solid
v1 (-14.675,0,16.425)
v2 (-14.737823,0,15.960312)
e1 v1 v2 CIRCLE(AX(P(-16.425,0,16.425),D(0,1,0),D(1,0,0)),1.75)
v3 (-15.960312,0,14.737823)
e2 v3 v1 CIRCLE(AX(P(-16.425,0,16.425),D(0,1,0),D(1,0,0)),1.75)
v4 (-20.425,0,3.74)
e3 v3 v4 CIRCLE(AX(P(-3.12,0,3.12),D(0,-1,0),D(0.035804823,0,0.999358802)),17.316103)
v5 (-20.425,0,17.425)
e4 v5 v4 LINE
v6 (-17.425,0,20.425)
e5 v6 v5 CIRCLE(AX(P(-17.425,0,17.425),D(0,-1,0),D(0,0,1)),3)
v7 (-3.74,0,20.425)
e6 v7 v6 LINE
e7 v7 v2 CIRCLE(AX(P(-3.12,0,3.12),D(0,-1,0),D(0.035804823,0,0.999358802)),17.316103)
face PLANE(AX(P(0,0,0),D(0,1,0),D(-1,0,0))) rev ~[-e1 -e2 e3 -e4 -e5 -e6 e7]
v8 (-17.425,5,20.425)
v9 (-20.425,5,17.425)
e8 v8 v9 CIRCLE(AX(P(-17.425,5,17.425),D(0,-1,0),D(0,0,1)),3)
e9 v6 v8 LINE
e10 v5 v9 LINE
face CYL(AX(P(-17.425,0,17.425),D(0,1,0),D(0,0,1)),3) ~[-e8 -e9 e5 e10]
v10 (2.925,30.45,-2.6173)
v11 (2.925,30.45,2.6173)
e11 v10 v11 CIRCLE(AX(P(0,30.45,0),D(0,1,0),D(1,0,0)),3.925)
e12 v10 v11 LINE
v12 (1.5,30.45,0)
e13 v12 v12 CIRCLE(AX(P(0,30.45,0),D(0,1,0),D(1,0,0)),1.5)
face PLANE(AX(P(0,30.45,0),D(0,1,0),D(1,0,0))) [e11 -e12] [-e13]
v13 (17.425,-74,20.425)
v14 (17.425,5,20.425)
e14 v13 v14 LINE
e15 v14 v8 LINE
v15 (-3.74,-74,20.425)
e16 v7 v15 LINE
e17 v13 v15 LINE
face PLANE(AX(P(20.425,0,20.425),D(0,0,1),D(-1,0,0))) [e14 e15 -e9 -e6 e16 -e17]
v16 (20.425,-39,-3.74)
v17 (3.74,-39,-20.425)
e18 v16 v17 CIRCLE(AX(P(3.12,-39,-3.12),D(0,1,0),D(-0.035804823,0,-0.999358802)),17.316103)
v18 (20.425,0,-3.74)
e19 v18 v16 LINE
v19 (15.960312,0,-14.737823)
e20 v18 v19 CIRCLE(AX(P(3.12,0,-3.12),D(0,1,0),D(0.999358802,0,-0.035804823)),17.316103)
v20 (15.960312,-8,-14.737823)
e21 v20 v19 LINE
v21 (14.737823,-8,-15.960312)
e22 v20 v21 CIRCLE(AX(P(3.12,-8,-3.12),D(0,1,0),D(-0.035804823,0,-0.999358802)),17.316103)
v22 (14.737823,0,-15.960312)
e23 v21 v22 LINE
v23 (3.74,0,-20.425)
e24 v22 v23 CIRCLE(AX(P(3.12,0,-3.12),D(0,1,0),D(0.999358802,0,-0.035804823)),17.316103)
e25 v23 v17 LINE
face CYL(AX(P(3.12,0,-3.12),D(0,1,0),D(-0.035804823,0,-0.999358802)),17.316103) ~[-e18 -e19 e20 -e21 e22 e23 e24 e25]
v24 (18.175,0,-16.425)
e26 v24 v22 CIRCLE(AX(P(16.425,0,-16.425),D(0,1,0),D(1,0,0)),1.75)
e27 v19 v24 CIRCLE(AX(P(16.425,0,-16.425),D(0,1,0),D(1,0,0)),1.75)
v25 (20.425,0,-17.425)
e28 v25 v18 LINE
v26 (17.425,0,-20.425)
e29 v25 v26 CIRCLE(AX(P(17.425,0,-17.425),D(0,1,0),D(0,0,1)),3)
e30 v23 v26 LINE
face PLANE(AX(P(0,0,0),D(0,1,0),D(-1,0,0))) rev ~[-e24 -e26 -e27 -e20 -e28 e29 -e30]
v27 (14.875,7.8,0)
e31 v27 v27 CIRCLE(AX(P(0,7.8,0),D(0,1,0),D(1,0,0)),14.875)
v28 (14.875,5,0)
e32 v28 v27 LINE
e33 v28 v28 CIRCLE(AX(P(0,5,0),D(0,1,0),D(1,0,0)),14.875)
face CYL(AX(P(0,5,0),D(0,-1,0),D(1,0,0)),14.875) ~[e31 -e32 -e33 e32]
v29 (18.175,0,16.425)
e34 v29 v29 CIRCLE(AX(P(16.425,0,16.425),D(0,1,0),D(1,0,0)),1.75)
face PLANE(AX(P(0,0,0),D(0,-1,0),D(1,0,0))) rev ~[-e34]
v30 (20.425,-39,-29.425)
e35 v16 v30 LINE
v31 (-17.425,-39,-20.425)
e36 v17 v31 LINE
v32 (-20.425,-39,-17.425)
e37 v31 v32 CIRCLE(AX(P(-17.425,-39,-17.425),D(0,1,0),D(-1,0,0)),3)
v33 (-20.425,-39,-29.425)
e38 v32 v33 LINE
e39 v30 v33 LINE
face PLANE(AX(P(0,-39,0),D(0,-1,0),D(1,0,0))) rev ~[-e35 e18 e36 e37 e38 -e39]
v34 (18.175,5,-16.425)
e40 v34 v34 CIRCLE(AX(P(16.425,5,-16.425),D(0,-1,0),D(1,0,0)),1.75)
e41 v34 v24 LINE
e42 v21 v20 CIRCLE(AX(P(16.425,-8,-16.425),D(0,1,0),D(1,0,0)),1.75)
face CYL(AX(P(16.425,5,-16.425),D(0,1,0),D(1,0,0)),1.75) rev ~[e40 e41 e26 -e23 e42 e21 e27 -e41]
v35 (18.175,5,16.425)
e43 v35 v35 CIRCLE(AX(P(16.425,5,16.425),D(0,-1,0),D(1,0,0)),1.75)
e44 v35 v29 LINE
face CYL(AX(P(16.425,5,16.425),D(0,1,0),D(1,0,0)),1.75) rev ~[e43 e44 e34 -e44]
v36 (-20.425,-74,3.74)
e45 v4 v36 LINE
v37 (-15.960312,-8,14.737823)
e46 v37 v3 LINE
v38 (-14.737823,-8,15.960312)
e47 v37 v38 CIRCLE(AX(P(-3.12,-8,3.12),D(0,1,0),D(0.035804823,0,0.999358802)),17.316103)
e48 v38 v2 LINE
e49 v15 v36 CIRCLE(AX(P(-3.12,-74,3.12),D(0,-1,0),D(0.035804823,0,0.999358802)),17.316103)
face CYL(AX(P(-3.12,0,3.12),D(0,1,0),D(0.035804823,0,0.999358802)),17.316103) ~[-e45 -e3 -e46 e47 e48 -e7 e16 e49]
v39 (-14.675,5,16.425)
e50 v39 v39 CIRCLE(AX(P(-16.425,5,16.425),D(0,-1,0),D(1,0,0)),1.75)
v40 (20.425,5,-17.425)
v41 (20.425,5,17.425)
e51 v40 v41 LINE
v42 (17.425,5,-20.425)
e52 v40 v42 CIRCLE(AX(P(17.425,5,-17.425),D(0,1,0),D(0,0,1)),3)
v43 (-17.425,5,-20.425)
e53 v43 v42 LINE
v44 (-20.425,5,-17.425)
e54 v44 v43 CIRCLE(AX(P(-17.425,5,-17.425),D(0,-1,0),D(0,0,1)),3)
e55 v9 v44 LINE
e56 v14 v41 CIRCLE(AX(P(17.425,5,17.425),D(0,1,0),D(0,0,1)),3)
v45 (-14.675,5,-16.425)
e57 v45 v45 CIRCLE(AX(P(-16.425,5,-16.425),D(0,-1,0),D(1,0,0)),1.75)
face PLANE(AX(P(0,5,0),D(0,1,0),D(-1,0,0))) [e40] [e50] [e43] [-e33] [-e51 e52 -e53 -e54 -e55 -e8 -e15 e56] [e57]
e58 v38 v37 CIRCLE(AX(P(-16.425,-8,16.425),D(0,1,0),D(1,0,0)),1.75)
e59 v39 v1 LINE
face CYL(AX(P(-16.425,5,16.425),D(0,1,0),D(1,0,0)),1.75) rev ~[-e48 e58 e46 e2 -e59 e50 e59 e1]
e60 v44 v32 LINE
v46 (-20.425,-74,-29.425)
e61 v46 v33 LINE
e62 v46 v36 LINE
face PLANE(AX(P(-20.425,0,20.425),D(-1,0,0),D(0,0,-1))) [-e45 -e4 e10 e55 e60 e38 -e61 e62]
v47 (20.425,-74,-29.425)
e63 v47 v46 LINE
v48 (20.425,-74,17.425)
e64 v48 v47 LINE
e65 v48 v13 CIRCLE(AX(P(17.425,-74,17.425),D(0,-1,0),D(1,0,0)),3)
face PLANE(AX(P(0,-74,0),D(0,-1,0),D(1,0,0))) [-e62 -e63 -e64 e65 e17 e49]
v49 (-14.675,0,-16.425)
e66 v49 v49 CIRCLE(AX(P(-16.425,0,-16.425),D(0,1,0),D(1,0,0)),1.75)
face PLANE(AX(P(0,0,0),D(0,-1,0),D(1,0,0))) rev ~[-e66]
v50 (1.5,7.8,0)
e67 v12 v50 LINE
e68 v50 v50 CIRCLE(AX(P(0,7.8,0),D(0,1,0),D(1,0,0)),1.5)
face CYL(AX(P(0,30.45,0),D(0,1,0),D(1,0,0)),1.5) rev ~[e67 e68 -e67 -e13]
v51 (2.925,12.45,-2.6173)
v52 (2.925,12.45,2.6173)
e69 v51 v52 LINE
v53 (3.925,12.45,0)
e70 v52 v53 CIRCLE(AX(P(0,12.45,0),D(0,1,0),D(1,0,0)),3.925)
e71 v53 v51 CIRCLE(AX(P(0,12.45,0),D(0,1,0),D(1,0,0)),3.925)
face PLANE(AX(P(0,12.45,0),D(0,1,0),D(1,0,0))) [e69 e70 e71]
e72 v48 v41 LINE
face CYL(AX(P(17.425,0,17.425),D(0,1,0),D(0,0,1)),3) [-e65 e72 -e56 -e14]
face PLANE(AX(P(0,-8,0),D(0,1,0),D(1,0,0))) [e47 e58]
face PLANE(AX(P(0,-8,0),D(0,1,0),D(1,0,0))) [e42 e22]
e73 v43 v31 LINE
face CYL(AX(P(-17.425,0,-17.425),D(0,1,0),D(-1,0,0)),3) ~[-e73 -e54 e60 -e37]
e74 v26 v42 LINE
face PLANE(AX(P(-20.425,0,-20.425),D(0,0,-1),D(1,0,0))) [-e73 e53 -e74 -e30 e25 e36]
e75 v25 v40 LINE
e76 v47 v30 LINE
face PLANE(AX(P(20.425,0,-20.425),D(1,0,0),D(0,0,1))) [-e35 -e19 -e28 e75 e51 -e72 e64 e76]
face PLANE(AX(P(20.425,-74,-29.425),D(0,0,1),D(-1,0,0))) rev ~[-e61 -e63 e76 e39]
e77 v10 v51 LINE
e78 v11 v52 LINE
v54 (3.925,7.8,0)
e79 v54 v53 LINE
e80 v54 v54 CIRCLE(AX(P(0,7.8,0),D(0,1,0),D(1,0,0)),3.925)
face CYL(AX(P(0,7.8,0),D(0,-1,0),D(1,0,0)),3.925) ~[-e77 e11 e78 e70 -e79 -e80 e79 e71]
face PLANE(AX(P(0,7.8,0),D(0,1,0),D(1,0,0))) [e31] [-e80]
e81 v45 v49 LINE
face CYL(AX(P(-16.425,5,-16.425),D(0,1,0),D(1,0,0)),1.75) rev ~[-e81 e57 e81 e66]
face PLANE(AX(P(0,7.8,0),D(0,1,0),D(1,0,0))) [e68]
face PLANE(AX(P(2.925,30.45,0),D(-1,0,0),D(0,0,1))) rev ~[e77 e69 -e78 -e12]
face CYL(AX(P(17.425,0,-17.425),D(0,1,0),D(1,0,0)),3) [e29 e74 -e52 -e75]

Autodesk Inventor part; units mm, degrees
ref_plane "YZ Plane" through (0, 0, 0) normal (1, 0, 0) x (0, 1, 0)
ref_plane "XZ Plane" through (0, 0, 0) normal (0, 1, 0) x (-1, 0, 0)
ref_plane "XY Plane" through (0, 0, 0) normal (0, 0, 1) x (1, 0, 0)
sketch "Sketch1" plane through (0, 0, 0) normal (0, 1, 0) x (-1, 0, 0)
  line L0 (-20.425, 20.425) -> (20.425, 20.425)
  line L1 (20.425, 20.425) -> (20.425, -20.425)
  line L2 (20.425, -20.425) -> (-20.425, -20.425)
  line L3 (-20.425, -20.425) -> (-20.425, 20.425)
  line L4 (-20.425, 20.425) -> (20.425, -20.425) construction
  line L5 (20.425, 20.425) -> (-20.425, -20.425) construction
  point P0 (0, 0)
  dimension "d0" = 40.85
  dimension "d1" = 40.85
extrude "Extrusion1" add sketch "Sketch1" along normal blind 5
sketch "Sketch2" plane through (0, 5, 0) normal (0, 1, 0) x (1, 0, 0)
  line L0 (-20.425, 20.425) -> (-20.425, -20.425) projected
  line L1 (-20.425, -20.425) -> (-16.425, -20.425)
  line L2 (-16.425, -20.425) -> (-16.425, -16.425)
  line L3 (-16.425, -16.425) -> (-20.425, -16.425)
  line L4 (-20.425, -16.425) -> (-20.425, -20.425)
  line L5 (-20.425, 20.425) -> (-16.425, 20.425)
  line L6 (-16.425, 20.425) -> (-16.425, 16.425)
  line L7 (-16.425, 16.425) -> (-20.425, 16.425)
  line L8 (-20.425, 16.425) -> (-20.425, 20.425)
  line L9 (-20.425, -20.425) -> (20.425, -20.425) projected
  line L10 (20.425, -20.425) -> (16.425, -20.425)
  line L11 (16.425, -20.425) -> (16.425, -16.425)
  line L12 (16.425, -16.425) -> (20.425, -16.425)
  line L13 (20.425, -16.425) -> (20.425, -20.425)
  line L14 (20.425, 20.425) -> (16.425, 20.425)
  line L15 (16.425, 20.425) -> (16.425, 16.425)
  line L16 (16.425, 16.425) -> (20.425, 16.425)
  line L17 (20.425, 16.425) -> (20.425, 20.425)
  circle A0 centre (-16.425, -16.425) radius 1.75
  circle A1 centre (-16.425, 16.425) radius 1.75
  circle A2 centre (16.425, -16.425) radius 1.75
  circle A3 centre (16.425, 16.425) radius 1.75
  point P0 (0, 0)
  dimension "d4" = 4
  dimension "d5" = 4
  dimension "d6" = 4
  dimension "d7" = 4
  dimension "d8" = 4
  dimension "d9" = 4
  dimension "d10" = 4
  dimension "d11" = 4
  dimension "d12" = 3.5
  dimension "d13" = 3.5
  dimension "d14" = 3.5
  dimension "d15" = 3.5
extrude "Extrusion2" cut sketch "Sketch2" against normal blind 5 contours A1 L6 L7 | L7 L6 A1 | A0 L2 L3 | L3 L2 A0 | A2 L12 L11 | L11 L12 A2 | A3 L16 L15 | L15 L16 A3
fillet "Fillet1" radius 3 4 edges at (-20.425, 2.5, 20.425) (20.425, 2.5, 20.425) (20.425, 2.5, -20.425) (-20.425, 2.5, -20.425)
sketch "Sketch3" plane through (0, 5, 0) normal (0, 1, 0) x (1, 0, 0)
  circle A0 centre (0, 0) radius 14.875
  dimension "d19" = 29.75
extrude "Extrusion3" add sketch "Sketch3" along normal blind 2.8
sketch "Sketch4" plane through (0, 7.8, 0) normal (0, 1, 0) x (1, 0, 0)
  circle A0 centre (0, 0) radius 3.925
  dimension "d22" = 7.85
extrude "Extrusion4" add sketch "Sketch4" along normal blind 22.65
sketch "Sketch5" plane through (0, 30.45, 0) normal (0, 1, 0) x (1, 0, 0)
  circle A0 centre (0, 0) radius 3.925 projected
  circle A1 centre (0, 0) radius 1.5
  dimension "d25" = 3
extrude "Extrusion5" cut sketch "Sketch5" against normal blind 22.65 contours A1
sketch "Sketch6" plane through (0, 0, 0) normal (0, -1, 0) x (1, 0, 0)
  arc A0 (-20.425, -17.425) -> (-17.425, -20.425) centre (-17.425, -17.425) ccw
  line L0 (17.425, -20.425) -> (-17.425, -20.425)
  arc A1 (17.425, -20.425) -> (20.425, -17.425) centre (17.425, -17.425) ccw
  line L1 (20.425, 17.425) -> (20.425, -17.425)
  arc A2 (20.425, 17.425) -> (17.425, 20.425) centre (17.425, 17.425) ccw
  line L2 (-17.425, 20.425) -> (17.425, 20.425)
  arc A3 (-17.425, 20.425) -> (-20.425, 17.425) centre (-17.425, 17.425) ccw
  line L3 (-20.425, -17.425) -> (-20.425, 17.425)
  line L4 (17.425, -20.425) -> (20.425, -20.425)
  arc A4 (17.425, -20.425) -> (20.425, -17.425) centre (17.425, -17.425) ccw
  line L5 (20.425, -20.425) -> (20.425, -17.425)
  circle A5 centre (16.425, -16.425) radius 1.75
  line L6 (16.425, -16.425) -> (0, 0)
  line L7 (16.425, -16.425) -> (15.3643, -15.3643)
  line L8 (20.425, 0) -> (20.425, -2.5)
  line L9 (20.425, 17.425) -> (20.425, -17.425)
  line L10 (0, -20.425) -> (2.5, -20.425)
  arc A6 (2.5, -20.425) -> (20.425, -2.5) centre (3.12, -3.12) ccw
  arc A7 (-2.5, 20.425) -> (-20.425, 2.5) centre (-3.12, 3.12) ccw
  point P0 (3.74, -20.425)
  point P1 (20.425, -3.74)
  point P2 (-3.74, 20.425)
  point P3 (-20.425, 3.74)
  dimension "d30" = 1.5
  dimension "d31" = 2.5
  dimension "d32" = 2.5
extrude "Extrusion6" add sketch "Sketch6" along normal blind 74 contours L3 A7 L2 A2 L1 A6 A5 L0 A0 | A5 L6 A6 | A5 A6 L6
sketch "Sketch7" plane through (0, -74, 0) normal (0, -1, 0) x (1, 0, 0)
  line L0 (-17.425, -20.425) -> (3.74, -20.425)
  arc A0 (3.74, -20.425) -> (20.425, -3.74) centre (3.12, -3.12) ccw
  line L1 (20.425, -3.74) -> (20.425, 17.425)
  arc A1 (20.425, 17.425) -> (17.425, 20.425) centre (17.425, 17.425) ccw
  line L2 (17.425, 20.425) -> (-3.74, 20.425)
  arc A2 (-3.74, 20.425) -> (-20.425, 3.74) centre (-3.12, 3.12) ccw
  line L3 (-20.425, 3.74) -> (-20.425, -17.425)
  arc A3 (-20.425, -17.425) -> (-17.425, -20.425) centre (-17.425, -17.425) ccw
  arc A4 (3.74, -20.425) -> (20.425, -3.74) centre (3.12, -3.12) ccw projected
  line L4 (20.425, -3.74) -> (20.425, -20.425)
  line L5 (-17.425, -20.425) -> (3.74, -20.425) projected
  line L6 (20.425, -20.425) -> (3.74, -20.425)
  line L7 (20.425, -20.425) -> (20.425, -29.425)
  line L8 (20.425, -29.425) -> (-20.425, -29.425)
  line L9 (-20.425, -29.425) -> (-20.425, -17.425)
  point P0 (0, 0)
  dimension "d33" = 9
extrude "Extrusion7" add sketch "Sketch7" against normal blind 35
sketch "Sketch8" plane through (0, 5, 0) normal (0, 1, 0) x (1, 0, 0)
  circle A0 centre (-16.425, -16.425) radius 1.75 projected
  circle A1 centre (-16.425, 16.425) radius 1.75 projected
  circle A2 centre (16.425, -16.425) radius 1.75 projected
  circle A3 centre (16.425, 16.425) radius 1.75 projected
  point P0 (0, 0)
extrude "Extrusion8" cut sketch "Sketch8" against normal blind 13 contours A0 | A3
sketch "Sketch9" plane through (0, 30.45, 0) normal (0, 1, 0) x (1, 0, 0)
  circle A0 centre (0, 0) radius 1.5 projected
  circle A1 centre (0, 0) radius 3.925
  line L0 (3.925, 0) -> (2.925, 0)
  line L1 (2.925, 0) -> (2.925, 2.6173)
  circle A2 centre (0, 0) radius 3.925 projected
  line L2 (2.925, 0) -> (2.925, -2.6173)
  dimension "d38" = 1
extrude "Extrusion9" cut sketch "Sketch9" against normal blind 18 contours L0 L1 A1 | A1 L2 L0
properties part number "ServoMotor"
